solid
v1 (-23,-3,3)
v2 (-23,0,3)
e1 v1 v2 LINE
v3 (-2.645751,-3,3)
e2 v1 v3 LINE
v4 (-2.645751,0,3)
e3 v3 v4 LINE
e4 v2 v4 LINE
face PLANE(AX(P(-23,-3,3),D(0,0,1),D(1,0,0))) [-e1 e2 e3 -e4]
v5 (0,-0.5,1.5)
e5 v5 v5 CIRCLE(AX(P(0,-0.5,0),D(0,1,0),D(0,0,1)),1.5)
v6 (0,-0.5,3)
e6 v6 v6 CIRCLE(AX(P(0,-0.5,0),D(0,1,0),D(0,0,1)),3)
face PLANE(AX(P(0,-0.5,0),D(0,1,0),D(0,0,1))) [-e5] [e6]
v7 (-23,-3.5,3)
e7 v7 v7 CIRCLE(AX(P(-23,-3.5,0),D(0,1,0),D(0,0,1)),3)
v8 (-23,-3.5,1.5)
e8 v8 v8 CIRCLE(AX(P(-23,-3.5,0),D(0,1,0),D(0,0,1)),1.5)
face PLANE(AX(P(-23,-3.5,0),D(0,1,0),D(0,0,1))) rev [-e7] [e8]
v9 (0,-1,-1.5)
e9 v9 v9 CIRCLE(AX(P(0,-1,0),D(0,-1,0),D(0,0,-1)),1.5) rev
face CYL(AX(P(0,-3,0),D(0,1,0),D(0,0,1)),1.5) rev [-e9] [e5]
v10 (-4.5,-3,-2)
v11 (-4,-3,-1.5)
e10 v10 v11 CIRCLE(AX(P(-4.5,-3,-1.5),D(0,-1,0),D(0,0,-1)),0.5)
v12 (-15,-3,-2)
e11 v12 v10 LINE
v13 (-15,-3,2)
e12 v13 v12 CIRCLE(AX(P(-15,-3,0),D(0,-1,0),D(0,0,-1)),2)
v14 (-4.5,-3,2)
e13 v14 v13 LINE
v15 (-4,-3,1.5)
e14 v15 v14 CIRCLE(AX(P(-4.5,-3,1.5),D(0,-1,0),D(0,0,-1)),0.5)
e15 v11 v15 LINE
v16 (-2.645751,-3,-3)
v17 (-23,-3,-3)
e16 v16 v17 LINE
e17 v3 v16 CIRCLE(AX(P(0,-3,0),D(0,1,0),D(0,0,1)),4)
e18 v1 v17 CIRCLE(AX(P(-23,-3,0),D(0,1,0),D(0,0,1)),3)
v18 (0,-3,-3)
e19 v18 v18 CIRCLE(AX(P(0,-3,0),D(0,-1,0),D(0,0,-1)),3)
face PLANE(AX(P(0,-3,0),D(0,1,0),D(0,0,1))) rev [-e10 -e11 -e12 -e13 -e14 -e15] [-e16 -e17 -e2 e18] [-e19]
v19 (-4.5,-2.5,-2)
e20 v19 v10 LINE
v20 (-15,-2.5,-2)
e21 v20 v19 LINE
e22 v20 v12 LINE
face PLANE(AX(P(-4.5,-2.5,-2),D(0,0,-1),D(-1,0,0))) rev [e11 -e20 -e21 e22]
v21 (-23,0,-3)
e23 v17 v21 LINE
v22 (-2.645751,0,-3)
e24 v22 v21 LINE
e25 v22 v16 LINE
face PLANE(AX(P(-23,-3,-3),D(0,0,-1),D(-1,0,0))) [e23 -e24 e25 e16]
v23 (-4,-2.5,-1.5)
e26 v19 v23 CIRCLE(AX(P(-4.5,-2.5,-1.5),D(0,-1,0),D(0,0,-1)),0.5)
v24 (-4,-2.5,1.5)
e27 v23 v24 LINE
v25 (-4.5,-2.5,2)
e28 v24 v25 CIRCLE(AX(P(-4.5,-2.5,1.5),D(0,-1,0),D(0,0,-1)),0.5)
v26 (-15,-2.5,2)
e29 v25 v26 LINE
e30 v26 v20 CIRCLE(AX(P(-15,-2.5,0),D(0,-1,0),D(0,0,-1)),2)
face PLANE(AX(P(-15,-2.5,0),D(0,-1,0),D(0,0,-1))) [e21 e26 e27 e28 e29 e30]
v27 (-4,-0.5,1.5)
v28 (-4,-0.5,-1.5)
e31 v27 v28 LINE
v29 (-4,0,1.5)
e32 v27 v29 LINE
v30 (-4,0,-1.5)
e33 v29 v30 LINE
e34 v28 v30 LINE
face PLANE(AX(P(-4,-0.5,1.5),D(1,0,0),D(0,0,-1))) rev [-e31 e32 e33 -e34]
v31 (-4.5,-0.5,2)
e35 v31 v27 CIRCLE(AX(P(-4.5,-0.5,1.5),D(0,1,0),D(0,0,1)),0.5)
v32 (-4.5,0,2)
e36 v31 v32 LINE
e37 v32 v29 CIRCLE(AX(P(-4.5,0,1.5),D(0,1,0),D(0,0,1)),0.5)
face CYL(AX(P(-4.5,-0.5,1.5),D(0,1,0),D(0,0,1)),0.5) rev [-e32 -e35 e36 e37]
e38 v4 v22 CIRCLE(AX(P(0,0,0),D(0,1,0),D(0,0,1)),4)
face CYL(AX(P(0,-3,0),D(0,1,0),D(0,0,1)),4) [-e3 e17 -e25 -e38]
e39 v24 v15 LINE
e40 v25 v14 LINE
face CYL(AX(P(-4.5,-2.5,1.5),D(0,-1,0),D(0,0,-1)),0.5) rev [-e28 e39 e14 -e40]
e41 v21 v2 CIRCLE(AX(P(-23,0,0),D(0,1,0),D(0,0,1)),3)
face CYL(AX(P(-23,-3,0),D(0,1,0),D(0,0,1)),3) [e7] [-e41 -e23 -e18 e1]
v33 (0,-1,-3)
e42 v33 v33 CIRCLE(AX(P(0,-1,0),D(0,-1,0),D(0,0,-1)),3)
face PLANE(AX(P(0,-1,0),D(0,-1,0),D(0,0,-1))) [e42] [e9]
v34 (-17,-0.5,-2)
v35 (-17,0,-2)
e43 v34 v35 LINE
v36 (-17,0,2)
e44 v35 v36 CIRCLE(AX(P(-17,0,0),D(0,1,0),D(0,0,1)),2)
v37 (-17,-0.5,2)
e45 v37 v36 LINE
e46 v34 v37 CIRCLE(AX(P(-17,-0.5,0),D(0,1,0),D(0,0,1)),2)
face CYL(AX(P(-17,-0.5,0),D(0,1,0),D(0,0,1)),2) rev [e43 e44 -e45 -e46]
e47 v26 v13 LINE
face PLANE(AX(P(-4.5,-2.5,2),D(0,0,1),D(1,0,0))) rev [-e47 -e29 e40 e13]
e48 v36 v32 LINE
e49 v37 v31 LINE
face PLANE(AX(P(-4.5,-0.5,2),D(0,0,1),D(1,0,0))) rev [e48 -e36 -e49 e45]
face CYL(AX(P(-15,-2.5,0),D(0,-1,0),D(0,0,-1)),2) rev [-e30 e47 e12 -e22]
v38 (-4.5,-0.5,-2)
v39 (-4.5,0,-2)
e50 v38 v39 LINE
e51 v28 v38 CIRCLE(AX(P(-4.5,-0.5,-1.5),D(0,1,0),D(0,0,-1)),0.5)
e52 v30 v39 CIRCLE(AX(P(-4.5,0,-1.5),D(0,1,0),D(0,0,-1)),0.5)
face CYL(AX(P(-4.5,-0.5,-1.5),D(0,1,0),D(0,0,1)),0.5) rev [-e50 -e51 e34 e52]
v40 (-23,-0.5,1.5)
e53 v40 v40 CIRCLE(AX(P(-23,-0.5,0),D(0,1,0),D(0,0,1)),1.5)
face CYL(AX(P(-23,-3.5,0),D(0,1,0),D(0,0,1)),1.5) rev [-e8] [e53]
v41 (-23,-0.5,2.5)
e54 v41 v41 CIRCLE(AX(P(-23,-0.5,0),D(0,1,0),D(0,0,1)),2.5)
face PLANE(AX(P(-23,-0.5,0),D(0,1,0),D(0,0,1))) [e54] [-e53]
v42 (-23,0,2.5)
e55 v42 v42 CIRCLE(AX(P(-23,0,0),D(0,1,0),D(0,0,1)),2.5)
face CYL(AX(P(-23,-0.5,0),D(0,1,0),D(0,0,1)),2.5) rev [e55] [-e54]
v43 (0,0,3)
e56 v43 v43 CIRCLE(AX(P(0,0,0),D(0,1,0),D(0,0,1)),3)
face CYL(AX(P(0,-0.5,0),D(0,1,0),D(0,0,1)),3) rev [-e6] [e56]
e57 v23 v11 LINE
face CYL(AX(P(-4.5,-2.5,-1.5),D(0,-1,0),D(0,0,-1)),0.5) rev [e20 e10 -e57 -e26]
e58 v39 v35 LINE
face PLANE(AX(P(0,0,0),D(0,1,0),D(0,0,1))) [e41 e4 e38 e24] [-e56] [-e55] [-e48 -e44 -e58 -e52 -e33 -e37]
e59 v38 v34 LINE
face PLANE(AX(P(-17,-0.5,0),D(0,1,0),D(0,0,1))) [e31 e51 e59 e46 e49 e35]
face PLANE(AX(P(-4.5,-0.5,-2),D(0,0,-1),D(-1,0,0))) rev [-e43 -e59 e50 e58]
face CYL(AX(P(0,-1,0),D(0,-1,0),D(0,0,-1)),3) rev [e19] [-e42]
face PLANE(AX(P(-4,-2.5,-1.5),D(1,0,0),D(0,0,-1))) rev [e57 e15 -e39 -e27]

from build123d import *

# Parameters (mm, degrees)
SKETCH1_R           = 4
BOSS_EXTRUDE1_DEPTH = 3
SKETCH5_W           = 23
SKETCH5_H           = 6
BOSS_EXTRUDE2_DEPTH = 3
SKETCH2_R           = 3
CUT_EXTRUDE4_DEPTH  = 0.5
SKETCH7_R           = 1.5
CUT_EXTRUDE5_DEPTH  = 3.5
SKETCH8_R           = 3
CUT_EXTRUDE7_DEPTH  = 2
SKETCH9_R           = 3
BOSS_EXTRUDE3_DEPTH = 3
SKETCH10_R          = 2.5
CUT_EXTRUDE8_DEPTH  = 0.5
CUT_EXTRUDE10_DEPTH = 0.5
CUT_EXTRUDE11_DEPTH = 0.5
SKETCH11_R          = 3
BOSS_EXTRUDE5_DEPTH = 0.5
SKETCH15_R          = 1.5
CUT_EXTRUDE12_DEPTH = 4


with BuildPart() as part:
    # Sketch1 → Boss-Extrude1 (new body)
    with BuildSketch(Plane(origin=(0, 0, 0), x_dir=(1, 0, 0), z_dir=(0, 1, 0))):
        Circle(SKETCH1_R)
    extrude(amount=-BOSS_EXTRUDE1_DEPTH)

    # Sketch5 → Boss-Extrude2 (add)
    with BuildSketch(Plane(origin=(0, 0, 0), x_dir=(1, 0, 0), z_dir=(0, 1, 0))):
        with Locations((-11.5, 0)):
            Rectangle(SKETCH5_W, SKETCH5_H)
    extrude(amount=-BOSS_EXTRUDE2_DEPTH)

    # Sketch2 → Cut-Extrude4 (cut)
    with BuildSketch(Plane(origin=(0, 0, 0), x_dir=(1, 0, 0), z_dir=(0, 1, 0))):
        Circle(SKETCH2_R)
    extrude(amount=-CUT_EXTRUDE4_DEPTH, mode=Mode.SUBTRACT)

    # Sketch7 → Cut-Extrude5 (cut, through all)
    with BuildSketch(Plane(origin=(0, -0.5, 0), x_dir=(1, 0, 0), z_dir=(0, 1, 0))):
        Circle(SKETCH7_R)
    extrude(amount=-CUT_EXTRUDE5_DEPTH, mode=Mode.SUBTRACT)

    # Sketch8 → Cut-Extrude7 (cut)
    with BuildSketch(Plane.XZ.offset(3)):
        Circle(SKETCH8_R)
    extrude(amount=-CUT_EXTRUDE7_DEPTH, mode=Mode.SUBTRACT)

    # Sketch9 → Boss-Extrude3 (add)
    with BuildSketch(Plane(origin=(0, 0, 0), x_dir=(1, 0, 0), z_dir=(0, 1, 0))):
        with Locations((-23, 0)):
            Circle(SKETCH9_R)
    extrude(amount=-BOSS_EXTRUDE3_DEPTH)

    # Sketch10 → Cut-Extrude8 (cut)
    with BuildSketch(Plane(origin=(0, 0, 0), x_dir=(1, 0, 0), z_dir=(0, 1, 0))):
        with Locations((-23, 0)):
            Circle(SKETCH10_R)
    extrude(amount=-CUT_EXTRUDE8_DEPTH, mode=Mode.SUBTRACT)

    # Sketch12 → Cut-Extrude10 (cut)
    with BuildSketch(Plane(origin=(0, 0, 0), x_dir=(1, 0, 0), z_dir=(0, 1, 0))):
        with BuildLine():
            Line((-4.5, -2), (-17, -2))
            ThreePointArc((-17, -2), (-19, 0), (-17, 2))
            Line((-17, 2), (-4.5, 2))
            ThreePointArc((-4.5, 2), (-4.146446609, 1.853553391), (-4, 1.5))
            Line((-4, 1.5), (-4, -1.5))
            ThreePointArc((-4, -1.5), (-4.146446609, -1.853553391), (-4.5, -2))
        make_face()
    extrude(amount=-CUT_EXTRUDE10_DEPTH, mode=Mode.SUBTRACT)

    # Sketch13 → Cut-Extrude11 (cut)
    with BuildSketch(Plane.XZ.offset(3)):
        with BuildLine():
            Line((-4.5, -2), (-15, -2))
            ThreePointArc((-15, -2), (-17, 0), (-15, 2))
            Line((-15, 2), (-4.5, 2))
            ThreePointArc((-4.5, 2), (-4.146446609, 1.853553391), (-4, 1.5))
            Line((-4, 1.5), (-4, -1.5))
            ThreePointArc((-4, -1.5), (-4.146446609, -1.853553391), (-4.5, -2))
        make_face()
    extrude(amount=-CUT_EXTRUDE11_DEPTH, mode=Mode.SUBTRACT)

    # Sketch11 → Boss-Extrude5 (add)
    with BuildSketch(Plane(origin=(0, -3, 0), x_dir=(1, 0, 0), z_dir=(0, 1, 0))):
        with Locations((-23, 0)):
            Circle(SKETCH11_R)
    extrude(amount=-BOSS_EXTRUDE5_DEPTH)

    # Sketch15 → Cut-Extrude12 (cut, through all)
    with BuildSketch(Plane(origin=(0, -0.5, 0), x_dir=(1, 0, 0), z_dir=(0, 1, 0))):
        with Locations((-23, 0)):
            Circle(SKETCH15_R)
    extrude(amount=-CUT_EXTRUDE12_DEPTH, mode=Mode.SUBTRACT)


solid = part.part
